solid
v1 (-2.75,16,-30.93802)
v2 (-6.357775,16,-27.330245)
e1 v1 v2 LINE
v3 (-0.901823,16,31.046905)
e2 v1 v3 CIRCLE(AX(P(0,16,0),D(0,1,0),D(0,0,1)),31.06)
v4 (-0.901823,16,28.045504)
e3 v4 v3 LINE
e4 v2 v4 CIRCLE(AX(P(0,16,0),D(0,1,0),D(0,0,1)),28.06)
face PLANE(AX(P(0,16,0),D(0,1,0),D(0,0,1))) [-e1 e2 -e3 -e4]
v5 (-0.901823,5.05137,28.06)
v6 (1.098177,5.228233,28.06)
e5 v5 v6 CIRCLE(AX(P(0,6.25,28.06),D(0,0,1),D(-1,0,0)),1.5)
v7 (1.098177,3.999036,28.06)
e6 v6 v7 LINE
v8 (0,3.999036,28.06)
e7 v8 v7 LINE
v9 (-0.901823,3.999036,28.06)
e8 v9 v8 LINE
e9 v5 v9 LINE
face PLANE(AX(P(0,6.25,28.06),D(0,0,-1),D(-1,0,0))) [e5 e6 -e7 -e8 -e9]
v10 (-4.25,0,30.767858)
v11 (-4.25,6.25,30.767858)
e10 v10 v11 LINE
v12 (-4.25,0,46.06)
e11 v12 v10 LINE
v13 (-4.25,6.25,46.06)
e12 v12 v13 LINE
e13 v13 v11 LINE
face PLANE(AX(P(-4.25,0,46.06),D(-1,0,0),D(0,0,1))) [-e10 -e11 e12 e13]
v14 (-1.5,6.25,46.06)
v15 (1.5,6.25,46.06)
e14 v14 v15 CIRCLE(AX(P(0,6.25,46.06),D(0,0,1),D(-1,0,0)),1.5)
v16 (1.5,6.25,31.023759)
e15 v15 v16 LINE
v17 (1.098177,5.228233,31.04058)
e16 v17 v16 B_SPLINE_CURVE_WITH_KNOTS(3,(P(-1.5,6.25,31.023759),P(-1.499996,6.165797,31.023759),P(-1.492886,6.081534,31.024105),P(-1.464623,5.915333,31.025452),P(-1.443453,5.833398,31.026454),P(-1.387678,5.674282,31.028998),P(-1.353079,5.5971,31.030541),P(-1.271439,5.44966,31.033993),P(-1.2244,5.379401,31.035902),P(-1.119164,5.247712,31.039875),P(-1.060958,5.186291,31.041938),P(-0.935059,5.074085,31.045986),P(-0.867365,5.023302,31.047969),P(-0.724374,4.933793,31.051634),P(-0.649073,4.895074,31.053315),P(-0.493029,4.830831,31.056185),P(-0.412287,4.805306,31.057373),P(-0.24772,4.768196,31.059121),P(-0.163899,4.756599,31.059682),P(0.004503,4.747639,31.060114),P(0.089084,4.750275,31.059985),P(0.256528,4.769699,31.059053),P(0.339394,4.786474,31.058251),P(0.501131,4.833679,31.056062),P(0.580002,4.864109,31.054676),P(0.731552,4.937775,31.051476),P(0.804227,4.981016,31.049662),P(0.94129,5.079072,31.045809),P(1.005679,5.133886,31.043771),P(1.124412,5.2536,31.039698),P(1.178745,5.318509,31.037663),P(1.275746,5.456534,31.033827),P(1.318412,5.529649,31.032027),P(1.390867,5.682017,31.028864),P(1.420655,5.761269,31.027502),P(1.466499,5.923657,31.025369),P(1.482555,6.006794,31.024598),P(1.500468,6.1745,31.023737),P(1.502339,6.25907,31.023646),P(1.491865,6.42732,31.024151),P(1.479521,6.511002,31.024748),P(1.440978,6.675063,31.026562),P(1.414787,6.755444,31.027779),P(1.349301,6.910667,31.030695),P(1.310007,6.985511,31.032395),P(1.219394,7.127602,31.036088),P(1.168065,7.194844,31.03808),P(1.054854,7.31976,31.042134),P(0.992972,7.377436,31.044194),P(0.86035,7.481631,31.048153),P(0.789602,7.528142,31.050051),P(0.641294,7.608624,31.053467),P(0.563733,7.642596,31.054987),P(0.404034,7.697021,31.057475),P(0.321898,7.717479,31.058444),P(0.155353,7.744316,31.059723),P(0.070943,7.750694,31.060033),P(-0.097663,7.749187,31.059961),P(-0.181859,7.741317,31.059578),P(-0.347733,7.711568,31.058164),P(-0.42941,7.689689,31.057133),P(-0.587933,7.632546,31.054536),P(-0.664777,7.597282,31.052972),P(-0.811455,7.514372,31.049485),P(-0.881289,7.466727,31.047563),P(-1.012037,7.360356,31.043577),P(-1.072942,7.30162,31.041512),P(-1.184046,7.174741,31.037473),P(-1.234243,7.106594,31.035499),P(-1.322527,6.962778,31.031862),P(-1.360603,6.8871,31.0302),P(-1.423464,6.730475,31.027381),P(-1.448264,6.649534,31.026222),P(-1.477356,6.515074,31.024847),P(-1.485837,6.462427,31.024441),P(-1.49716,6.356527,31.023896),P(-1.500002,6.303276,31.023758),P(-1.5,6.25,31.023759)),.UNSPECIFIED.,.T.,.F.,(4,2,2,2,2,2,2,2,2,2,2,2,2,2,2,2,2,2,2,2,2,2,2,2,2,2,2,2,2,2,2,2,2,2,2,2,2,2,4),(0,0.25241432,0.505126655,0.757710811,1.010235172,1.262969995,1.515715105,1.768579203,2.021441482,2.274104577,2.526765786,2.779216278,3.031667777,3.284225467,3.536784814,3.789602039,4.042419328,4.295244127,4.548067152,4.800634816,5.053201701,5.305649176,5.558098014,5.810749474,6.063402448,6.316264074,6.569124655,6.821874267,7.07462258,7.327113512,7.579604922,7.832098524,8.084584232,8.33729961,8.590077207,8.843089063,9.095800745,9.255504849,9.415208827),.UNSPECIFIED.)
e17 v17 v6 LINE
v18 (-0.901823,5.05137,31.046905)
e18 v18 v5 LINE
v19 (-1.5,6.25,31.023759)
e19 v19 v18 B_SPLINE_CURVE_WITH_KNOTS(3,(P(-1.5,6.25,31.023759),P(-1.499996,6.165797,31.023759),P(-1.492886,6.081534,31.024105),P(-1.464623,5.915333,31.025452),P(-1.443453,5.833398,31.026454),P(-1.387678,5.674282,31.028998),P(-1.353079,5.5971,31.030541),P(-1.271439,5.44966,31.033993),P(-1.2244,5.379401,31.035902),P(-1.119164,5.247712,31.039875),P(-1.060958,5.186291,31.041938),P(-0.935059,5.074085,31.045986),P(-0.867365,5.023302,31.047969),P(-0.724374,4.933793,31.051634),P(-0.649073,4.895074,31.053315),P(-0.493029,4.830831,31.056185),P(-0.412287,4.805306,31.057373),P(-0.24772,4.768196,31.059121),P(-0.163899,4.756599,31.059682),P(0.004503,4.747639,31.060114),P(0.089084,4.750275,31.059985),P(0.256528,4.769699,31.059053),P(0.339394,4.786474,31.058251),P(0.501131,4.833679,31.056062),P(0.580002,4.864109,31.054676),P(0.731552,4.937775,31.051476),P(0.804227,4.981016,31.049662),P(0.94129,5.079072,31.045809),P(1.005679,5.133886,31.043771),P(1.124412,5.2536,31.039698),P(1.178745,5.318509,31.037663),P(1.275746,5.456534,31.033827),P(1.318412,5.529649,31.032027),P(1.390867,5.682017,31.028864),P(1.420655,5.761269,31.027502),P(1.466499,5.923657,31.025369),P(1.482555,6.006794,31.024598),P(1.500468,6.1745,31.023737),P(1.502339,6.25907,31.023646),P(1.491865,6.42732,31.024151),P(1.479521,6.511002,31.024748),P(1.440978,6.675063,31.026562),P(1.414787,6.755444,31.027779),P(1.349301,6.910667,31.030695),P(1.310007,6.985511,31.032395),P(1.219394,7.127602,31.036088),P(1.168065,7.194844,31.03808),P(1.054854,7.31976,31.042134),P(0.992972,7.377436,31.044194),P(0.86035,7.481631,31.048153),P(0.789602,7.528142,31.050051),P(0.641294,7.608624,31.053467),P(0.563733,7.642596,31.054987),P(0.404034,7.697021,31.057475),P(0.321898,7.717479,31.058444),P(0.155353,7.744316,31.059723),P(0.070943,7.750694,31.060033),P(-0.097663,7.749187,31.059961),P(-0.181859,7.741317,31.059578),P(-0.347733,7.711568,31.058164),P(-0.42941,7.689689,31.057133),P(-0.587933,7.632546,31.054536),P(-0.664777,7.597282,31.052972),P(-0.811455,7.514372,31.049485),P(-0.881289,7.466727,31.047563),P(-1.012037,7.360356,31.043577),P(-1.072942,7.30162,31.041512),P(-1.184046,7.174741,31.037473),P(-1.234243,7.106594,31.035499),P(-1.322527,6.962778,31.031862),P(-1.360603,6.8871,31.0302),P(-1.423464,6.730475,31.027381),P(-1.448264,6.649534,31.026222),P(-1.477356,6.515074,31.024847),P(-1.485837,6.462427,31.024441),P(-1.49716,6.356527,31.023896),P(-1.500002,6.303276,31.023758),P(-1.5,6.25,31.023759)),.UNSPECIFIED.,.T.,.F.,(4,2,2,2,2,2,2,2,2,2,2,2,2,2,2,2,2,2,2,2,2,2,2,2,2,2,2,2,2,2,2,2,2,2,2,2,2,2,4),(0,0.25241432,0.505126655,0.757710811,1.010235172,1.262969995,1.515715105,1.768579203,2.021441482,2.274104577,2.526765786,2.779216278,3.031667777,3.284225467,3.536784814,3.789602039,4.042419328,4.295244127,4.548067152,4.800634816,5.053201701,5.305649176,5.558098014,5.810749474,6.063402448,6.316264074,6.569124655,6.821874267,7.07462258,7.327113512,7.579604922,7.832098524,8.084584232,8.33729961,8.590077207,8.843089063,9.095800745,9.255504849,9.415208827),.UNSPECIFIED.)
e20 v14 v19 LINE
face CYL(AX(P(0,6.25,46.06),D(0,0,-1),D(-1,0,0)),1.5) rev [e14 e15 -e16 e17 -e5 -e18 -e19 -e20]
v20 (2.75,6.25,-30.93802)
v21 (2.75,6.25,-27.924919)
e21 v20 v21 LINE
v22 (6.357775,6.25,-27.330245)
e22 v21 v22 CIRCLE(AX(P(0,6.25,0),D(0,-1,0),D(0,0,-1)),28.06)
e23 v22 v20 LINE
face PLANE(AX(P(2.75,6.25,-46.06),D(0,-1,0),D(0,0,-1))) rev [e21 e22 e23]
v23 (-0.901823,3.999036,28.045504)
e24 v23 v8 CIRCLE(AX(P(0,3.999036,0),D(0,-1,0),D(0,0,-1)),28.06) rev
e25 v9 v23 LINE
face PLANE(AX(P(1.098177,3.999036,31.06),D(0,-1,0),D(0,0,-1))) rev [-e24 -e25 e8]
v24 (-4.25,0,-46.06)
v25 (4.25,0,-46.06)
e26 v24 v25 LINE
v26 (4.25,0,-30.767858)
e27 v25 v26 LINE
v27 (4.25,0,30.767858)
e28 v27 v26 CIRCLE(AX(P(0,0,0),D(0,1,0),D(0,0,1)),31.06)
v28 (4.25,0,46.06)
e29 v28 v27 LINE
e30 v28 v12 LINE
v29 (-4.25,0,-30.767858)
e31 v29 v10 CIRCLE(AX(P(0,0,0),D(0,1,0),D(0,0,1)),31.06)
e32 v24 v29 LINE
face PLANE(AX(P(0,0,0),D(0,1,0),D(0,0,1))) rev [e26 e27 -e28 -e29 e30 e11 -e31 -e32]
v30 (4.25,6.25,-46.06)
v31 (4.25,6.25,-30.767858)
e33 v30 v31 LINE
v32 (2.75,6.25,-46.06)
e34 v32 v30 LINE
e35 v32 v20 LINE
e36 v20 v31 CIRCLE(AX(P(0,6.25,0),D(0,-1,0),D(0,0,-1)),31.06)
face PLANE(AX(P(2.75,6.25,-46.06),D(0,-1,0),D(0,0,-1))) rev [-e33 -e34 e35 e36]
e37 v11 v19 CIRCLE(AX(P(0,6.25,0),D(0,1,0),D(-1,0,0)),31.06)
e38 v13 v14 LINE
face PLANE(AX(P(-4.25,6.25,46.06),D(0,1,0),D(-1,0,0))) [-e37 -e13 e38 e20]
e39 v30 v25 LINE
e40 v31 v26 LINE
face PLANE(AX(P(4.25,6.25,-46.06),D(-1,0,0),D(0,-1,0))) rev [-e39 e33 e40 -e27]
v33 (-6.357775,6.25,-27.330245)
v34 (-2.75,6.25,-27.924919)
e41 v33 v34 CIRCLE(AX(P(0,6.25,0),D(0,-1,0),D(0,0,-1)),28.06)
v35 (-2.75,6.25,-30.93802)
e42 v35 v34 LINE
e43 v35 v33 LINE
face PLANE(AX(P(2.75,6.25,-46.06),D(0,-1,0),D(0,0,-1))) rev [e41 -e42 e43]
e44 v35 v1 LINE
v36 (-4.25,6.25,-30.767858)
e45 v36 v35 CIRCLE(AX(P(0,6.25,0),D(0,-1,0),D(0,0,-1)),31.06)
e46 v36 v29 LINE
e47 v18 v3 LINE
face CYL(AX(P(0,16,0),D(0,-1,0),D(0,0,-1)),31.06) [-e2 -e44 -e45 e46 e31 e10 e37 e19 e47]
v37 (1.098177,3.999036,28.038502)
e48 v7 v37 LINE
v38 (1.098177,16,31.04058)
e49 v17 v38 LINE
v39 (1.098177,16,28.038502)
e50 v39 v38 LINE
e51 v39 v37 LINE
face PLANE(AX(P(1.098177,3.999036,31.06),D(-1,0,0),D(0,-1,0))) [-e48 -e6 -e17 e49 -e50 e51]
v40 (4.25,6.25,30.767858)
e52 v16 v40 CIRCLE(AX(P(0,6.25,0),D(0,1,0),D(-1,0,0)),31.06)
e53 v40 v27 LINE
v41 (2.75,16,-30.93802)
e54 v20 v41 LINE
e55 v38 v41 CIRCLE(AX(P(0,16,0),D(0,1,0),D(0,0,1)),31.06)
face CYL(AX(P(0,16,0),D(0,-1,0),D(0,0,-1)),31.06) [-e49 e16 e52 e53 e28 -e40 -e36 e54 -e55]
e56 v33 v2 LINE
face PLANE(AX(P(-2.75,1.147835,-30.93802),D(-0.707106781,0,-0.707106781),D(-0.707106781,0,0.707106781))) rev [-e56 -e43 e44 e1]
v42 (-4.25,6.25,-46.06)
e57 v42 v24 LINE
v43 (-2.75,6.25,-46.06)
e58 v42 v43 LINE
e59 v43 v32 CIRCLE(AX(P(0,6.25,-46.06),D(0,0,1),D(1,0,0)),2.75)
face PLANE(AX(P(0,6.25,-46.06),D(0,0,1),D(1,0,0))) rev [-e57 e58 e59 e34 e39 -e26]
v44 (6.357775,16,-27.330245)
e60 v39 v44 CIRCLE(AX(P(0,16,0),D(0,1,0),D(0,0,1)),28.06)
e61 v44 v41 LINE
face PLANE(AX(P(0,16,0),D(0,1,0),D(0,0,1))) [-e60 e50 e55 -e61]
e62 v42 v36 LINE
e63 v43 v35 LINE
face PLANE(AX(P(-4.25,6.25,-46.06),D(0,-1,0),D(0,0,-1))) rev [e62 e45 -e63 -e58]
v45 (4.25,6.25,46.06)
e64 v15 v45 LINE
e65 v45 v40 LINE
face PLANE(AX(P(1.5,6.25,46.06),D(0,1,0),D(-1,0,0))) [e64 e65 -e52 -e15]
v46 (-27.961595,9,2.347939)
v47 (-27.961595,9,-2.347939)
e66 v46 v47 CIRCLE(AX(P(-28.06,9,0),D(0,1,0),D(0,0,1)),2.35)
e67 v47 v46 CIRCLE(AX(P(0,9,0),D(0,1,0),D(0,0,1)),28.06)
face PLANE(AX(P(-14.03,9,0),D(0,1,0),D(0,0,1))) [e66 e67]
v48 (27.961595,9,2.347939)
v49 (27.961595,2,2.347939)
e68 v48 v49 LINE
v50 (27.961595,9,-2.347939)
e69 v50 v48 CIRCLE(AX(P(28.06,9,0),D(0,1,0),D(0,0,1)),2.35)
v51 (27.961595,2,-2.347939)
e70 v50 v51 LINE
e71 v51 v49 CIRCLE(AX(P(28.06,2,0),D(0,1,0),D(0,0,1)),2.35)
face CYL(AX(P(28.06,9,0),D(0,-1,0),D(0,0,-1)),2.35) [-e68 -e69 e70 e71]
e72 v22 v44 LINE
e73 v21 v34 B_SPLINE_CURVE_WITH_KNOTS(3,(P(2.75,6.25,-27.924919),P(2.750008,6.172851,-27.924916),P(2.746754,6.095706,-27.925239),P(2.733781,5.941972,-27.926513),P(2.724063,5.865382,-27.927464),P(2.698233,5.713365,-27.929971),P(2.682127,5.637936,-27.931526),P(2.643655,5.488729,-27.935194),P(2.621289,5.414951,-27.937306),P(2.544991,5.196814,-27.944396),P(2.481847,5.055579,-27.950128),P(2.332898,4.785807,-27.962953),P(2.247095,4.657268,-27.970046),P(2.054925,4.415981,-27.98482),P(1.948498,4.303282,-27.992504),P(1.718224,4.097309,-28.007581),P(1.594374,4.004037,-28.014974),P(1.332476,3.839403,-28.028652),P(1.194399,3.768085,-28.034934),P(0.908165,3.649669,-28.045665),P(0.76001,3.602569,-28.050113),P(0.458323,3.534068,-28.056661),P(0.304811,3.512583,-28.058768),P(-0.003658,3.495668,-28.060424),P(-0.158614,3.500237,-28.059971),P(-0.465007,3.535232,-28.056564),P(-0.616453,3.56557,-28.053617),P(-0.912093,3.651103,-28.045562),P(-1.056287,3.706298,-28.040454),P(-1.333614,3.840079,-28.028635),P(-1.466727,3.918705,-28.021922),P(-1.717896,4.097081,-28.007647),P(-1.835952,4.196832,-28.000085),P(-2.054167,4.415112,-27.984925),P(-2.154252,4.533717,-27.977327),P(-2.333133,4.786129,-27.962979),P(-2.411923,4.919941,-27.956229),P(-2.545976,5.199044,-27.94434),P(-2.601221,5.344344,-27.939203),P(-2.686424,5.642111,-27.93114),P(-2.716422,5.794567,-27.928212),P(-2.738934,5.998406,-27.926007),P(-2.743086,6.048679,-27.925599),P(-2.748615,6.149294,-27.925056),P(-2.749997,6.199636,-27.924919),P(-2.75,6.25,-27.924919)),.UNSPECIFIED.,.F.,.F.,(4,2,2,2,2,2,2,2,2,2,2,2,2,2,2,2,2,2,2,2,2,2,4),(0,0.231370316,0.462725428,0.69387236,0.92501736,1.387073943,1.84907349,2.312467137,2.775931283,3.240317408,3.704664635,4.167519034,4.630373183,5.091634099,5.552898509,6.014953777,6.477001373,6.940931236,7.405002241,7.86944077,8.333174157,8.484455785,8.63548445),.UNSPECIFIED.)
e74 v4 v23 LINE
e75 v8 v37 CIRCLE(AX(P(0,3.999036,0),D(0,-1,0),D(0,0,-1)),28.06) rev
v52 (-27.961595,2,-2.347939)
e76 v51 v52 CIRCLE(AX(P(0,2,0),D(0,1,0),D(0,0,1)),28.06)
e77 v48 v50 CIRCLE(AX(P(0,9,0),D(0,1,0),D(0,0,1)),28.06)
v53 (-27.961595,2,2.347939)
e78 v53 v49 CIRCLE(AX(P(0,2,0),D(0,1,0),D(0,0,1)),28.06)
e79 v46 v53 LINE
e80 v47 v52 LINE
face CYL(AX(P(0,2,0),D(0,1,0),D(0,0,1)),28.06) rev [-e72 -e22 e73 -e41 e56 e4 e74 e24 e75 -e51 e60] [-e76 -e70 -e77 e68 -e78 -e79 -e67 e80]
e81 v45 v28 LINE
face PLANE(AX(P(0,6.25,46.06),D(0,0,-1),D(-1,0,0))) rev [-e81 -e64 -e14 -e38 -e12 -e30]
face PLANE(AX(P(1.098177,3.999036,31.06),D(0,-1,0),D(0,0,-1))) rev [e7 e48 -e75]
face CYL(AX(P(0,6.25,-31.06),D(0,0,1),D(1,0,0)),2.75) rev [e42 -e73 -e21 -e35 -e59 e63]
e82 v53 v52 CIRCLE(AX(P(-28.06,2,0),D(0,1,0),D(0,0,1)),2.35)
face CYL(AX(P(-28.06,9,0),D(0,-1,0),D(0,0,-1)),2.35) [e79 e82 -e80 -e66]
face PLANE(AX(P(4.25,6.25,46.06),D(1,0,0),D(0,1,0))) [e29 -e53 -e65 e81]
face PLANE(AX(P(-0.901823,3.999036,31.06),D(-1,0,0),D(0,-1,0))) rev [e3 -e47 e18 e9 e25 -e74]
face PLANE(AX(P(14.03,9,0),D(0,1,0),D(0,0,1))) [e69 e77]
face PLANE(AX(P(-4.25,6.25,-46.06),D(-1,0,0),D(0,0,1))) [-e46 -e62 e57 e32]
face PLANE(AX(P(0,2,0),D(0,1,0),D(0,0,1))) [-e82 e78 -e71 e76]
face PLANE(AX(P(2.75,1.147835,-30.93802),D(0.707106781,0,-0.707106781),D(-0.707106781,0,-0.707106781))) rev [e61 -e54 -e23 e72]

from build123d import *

# Parameters (mm, degrees)
SKETCH1_R           = 31.06
BOSS_EXTRUDE1_DEPTH = 16
SKETCH2_R           = 28.06
CUT_EXTRUDE1_DEPTH  = 14
BOSS_EXTRUDE2_DEPTH = 7
CUT_EXTRUDE2_DEPTH  = 47.748766829
SKETCH5_W           = 2
SKETCH5_H           = 12.000963959
CUT_EXTRUDE3_DEPTH  = 47.748766998
BOSS_EXTRUDE3_DEPTH = 18
BOSS_EXTRUDE4_DEPTH = 18
CUT_EXTRUDE4_DEPTH  = 9.75


with BuildPart() as part:
    # Sketch1 → Boss-Extrude1 (new body)
    with BuildSketch(Plane(origin=(0, 0, 0), x_dir=(1, 0, 0), z_dir=(0, 1, 0))):
        with Locations(Location((0, 0, 0), (0, 0, 270))):
            Circle(SKETCH1_R)
    extrude(amount=BOSS_EXTRUDE1_DEPTH)

    # Sketch2 → Cut-Extrude1 (cut)
    with BuildSketch(Plane(origin=(0, 16, 0), x_dir=(1, 0, 0), z_dir=(0, 1, 0))):
        with Locations(Location((0, 0, 0), (0, 0, 270))):
            Circle(SKETCH2_R)
    extrude(amount=-CUT_EXTRUDE1_DEPTH, mode=Mode.SUBTRACT)

    # Sketch3 → Boss-Extrude2 (add)
    with BuildSketch(Plane(origin=(0, 2, 0), x_dir=(1, 0, 0), z_dir=(0, 1, 0))):
        with BuildLine():
            ThreePointArc((-27.961594797, -2.347938759), (-25.71, 0), (-27.961594797, 2.347938759))
            ThreePointArc((-27.961594797, 2.347938759), (-28.06, 0), (-27.961594797, -2.347938759))
        make_face()
        with BuildLine():
            ThreePointArc((27.961594797, 2.347938759), (25.71, 0), (27.961594797, -2.347938759))
            ThreePointArc((27.961594797, -2.347938759), (28.06, 0), (27.961594797, 2.347938759))
        make_face()
    extrude(amount=BOSS_EXTRUDE2_DEPTH)

    # Sketch4 → Cut-Extrude2 (cut, through all)
    with BuildSketch(Plane.XY):
        with BuildLine():
            Line((2.75, 6.25), (2.75, 16))
            Line((2.75, 16), (-2.75, 16))
            Line((-2.75, 16), (-2.75, 6.25))
            ThreePointArc((-2.75, 6.25), (-1.944543648, 4.305456352), (0, 3.5))
            ThreePointArc((0, 3.5), (1.944543648, 4.305456352), (2.75, 6.25))
        make_face()
    extrude(amount=-CUT_EXTRUDE2_DEPTH, mode=Mode.SUBTRACT)

    # Sketch5 → Cut-Extrude3 (cut, through all)
    with BuildSketch(Plane.XY):
        with Locations((0.098176677, 9.999518021)):
            Rectangle(SKETCH5_W, SKETCH5_H)
    extrude(amount=CUT_EXTRUDE3_DEPTH, mode=Mode.SUBTRACT)

    # Sketch6 → Boss-Extrude3 (add)
    with BuildSketch(Plane.XY.offset(-28.06)):
        with BuildLine():
            Line((-4.25, 0), (4.25, 0))
            Line((4.25, 0), (4.25, 6.25))
            Line((4.25, 6.25), (2.75, 6.25))
            ThreePointArc((2.75, 6.25), (0, 3.5), (-2.75, 6.25))
            Line((-2.75, 6.25), (-4.25, 6.25))
            Line((-4.25, 6.25), (-4.25, 0))
        make_face()
    extrude(amount=-BOSS_EXTRUDE3_DEPTH)

    # Sketch7 → Boss-Extrude4 (add)
    with BuildSketch(Plane(origin=(0, 0, 28.06), x_dir=(-1, 0, 0), z_dir=(0, 0, -1))):
        with BuildLine():
            Line((4.25, 6.25), (1.5, 6.25))
            ThreePointArc((1.5, 6.25), (0, 4.75), (-1.5, 6.25))
            Line((-1.5, 6.25), (-4.25, 6.25))
            Line((-4.25, 6.25), (-4.25, 0))
            Line((-4.25, 0), (4.25, 0))
            Line((4.25, 0), (4.25, 6.25))
        make_face()
    extrude(amount=-BOSS_EXTRUDE4_DEPTH)

    # Sketch8 → Cut-Extrude4 (cut)
    with BuildSketch(Plane(origin=(0, 16, 0), x_dir=(1, 0, 0), z_dir=(0, 1, 0))):
        with BuildLine():
            Line((2.75, 27.924918979), (2.75, 30.938020299))
            Line((2.75, 30.938020299), (6.357775263, 27.330245036))
            ThreePointArc((6.357775263, 27.330245036), (4.563584319, 27.686409991), (2.75, 27.924918979))
        make_face()
        with BuildLine():
            Line((-2.75, 27.924918979), (-2.75, 30.938020299))
            Line((-2.75, 30.938020299), (-6.357775263, 27.330245036))
            ThreePointArc((-6.357775263, 27.330245036), (-4.563584319, 27.686409991), (-2.75, 27.924918979))
        make_face()
    extrude(amount=-CUT_EXTRUDE4_DEPTH, mode=Mode.SUBTRACT)


solid = part.part
